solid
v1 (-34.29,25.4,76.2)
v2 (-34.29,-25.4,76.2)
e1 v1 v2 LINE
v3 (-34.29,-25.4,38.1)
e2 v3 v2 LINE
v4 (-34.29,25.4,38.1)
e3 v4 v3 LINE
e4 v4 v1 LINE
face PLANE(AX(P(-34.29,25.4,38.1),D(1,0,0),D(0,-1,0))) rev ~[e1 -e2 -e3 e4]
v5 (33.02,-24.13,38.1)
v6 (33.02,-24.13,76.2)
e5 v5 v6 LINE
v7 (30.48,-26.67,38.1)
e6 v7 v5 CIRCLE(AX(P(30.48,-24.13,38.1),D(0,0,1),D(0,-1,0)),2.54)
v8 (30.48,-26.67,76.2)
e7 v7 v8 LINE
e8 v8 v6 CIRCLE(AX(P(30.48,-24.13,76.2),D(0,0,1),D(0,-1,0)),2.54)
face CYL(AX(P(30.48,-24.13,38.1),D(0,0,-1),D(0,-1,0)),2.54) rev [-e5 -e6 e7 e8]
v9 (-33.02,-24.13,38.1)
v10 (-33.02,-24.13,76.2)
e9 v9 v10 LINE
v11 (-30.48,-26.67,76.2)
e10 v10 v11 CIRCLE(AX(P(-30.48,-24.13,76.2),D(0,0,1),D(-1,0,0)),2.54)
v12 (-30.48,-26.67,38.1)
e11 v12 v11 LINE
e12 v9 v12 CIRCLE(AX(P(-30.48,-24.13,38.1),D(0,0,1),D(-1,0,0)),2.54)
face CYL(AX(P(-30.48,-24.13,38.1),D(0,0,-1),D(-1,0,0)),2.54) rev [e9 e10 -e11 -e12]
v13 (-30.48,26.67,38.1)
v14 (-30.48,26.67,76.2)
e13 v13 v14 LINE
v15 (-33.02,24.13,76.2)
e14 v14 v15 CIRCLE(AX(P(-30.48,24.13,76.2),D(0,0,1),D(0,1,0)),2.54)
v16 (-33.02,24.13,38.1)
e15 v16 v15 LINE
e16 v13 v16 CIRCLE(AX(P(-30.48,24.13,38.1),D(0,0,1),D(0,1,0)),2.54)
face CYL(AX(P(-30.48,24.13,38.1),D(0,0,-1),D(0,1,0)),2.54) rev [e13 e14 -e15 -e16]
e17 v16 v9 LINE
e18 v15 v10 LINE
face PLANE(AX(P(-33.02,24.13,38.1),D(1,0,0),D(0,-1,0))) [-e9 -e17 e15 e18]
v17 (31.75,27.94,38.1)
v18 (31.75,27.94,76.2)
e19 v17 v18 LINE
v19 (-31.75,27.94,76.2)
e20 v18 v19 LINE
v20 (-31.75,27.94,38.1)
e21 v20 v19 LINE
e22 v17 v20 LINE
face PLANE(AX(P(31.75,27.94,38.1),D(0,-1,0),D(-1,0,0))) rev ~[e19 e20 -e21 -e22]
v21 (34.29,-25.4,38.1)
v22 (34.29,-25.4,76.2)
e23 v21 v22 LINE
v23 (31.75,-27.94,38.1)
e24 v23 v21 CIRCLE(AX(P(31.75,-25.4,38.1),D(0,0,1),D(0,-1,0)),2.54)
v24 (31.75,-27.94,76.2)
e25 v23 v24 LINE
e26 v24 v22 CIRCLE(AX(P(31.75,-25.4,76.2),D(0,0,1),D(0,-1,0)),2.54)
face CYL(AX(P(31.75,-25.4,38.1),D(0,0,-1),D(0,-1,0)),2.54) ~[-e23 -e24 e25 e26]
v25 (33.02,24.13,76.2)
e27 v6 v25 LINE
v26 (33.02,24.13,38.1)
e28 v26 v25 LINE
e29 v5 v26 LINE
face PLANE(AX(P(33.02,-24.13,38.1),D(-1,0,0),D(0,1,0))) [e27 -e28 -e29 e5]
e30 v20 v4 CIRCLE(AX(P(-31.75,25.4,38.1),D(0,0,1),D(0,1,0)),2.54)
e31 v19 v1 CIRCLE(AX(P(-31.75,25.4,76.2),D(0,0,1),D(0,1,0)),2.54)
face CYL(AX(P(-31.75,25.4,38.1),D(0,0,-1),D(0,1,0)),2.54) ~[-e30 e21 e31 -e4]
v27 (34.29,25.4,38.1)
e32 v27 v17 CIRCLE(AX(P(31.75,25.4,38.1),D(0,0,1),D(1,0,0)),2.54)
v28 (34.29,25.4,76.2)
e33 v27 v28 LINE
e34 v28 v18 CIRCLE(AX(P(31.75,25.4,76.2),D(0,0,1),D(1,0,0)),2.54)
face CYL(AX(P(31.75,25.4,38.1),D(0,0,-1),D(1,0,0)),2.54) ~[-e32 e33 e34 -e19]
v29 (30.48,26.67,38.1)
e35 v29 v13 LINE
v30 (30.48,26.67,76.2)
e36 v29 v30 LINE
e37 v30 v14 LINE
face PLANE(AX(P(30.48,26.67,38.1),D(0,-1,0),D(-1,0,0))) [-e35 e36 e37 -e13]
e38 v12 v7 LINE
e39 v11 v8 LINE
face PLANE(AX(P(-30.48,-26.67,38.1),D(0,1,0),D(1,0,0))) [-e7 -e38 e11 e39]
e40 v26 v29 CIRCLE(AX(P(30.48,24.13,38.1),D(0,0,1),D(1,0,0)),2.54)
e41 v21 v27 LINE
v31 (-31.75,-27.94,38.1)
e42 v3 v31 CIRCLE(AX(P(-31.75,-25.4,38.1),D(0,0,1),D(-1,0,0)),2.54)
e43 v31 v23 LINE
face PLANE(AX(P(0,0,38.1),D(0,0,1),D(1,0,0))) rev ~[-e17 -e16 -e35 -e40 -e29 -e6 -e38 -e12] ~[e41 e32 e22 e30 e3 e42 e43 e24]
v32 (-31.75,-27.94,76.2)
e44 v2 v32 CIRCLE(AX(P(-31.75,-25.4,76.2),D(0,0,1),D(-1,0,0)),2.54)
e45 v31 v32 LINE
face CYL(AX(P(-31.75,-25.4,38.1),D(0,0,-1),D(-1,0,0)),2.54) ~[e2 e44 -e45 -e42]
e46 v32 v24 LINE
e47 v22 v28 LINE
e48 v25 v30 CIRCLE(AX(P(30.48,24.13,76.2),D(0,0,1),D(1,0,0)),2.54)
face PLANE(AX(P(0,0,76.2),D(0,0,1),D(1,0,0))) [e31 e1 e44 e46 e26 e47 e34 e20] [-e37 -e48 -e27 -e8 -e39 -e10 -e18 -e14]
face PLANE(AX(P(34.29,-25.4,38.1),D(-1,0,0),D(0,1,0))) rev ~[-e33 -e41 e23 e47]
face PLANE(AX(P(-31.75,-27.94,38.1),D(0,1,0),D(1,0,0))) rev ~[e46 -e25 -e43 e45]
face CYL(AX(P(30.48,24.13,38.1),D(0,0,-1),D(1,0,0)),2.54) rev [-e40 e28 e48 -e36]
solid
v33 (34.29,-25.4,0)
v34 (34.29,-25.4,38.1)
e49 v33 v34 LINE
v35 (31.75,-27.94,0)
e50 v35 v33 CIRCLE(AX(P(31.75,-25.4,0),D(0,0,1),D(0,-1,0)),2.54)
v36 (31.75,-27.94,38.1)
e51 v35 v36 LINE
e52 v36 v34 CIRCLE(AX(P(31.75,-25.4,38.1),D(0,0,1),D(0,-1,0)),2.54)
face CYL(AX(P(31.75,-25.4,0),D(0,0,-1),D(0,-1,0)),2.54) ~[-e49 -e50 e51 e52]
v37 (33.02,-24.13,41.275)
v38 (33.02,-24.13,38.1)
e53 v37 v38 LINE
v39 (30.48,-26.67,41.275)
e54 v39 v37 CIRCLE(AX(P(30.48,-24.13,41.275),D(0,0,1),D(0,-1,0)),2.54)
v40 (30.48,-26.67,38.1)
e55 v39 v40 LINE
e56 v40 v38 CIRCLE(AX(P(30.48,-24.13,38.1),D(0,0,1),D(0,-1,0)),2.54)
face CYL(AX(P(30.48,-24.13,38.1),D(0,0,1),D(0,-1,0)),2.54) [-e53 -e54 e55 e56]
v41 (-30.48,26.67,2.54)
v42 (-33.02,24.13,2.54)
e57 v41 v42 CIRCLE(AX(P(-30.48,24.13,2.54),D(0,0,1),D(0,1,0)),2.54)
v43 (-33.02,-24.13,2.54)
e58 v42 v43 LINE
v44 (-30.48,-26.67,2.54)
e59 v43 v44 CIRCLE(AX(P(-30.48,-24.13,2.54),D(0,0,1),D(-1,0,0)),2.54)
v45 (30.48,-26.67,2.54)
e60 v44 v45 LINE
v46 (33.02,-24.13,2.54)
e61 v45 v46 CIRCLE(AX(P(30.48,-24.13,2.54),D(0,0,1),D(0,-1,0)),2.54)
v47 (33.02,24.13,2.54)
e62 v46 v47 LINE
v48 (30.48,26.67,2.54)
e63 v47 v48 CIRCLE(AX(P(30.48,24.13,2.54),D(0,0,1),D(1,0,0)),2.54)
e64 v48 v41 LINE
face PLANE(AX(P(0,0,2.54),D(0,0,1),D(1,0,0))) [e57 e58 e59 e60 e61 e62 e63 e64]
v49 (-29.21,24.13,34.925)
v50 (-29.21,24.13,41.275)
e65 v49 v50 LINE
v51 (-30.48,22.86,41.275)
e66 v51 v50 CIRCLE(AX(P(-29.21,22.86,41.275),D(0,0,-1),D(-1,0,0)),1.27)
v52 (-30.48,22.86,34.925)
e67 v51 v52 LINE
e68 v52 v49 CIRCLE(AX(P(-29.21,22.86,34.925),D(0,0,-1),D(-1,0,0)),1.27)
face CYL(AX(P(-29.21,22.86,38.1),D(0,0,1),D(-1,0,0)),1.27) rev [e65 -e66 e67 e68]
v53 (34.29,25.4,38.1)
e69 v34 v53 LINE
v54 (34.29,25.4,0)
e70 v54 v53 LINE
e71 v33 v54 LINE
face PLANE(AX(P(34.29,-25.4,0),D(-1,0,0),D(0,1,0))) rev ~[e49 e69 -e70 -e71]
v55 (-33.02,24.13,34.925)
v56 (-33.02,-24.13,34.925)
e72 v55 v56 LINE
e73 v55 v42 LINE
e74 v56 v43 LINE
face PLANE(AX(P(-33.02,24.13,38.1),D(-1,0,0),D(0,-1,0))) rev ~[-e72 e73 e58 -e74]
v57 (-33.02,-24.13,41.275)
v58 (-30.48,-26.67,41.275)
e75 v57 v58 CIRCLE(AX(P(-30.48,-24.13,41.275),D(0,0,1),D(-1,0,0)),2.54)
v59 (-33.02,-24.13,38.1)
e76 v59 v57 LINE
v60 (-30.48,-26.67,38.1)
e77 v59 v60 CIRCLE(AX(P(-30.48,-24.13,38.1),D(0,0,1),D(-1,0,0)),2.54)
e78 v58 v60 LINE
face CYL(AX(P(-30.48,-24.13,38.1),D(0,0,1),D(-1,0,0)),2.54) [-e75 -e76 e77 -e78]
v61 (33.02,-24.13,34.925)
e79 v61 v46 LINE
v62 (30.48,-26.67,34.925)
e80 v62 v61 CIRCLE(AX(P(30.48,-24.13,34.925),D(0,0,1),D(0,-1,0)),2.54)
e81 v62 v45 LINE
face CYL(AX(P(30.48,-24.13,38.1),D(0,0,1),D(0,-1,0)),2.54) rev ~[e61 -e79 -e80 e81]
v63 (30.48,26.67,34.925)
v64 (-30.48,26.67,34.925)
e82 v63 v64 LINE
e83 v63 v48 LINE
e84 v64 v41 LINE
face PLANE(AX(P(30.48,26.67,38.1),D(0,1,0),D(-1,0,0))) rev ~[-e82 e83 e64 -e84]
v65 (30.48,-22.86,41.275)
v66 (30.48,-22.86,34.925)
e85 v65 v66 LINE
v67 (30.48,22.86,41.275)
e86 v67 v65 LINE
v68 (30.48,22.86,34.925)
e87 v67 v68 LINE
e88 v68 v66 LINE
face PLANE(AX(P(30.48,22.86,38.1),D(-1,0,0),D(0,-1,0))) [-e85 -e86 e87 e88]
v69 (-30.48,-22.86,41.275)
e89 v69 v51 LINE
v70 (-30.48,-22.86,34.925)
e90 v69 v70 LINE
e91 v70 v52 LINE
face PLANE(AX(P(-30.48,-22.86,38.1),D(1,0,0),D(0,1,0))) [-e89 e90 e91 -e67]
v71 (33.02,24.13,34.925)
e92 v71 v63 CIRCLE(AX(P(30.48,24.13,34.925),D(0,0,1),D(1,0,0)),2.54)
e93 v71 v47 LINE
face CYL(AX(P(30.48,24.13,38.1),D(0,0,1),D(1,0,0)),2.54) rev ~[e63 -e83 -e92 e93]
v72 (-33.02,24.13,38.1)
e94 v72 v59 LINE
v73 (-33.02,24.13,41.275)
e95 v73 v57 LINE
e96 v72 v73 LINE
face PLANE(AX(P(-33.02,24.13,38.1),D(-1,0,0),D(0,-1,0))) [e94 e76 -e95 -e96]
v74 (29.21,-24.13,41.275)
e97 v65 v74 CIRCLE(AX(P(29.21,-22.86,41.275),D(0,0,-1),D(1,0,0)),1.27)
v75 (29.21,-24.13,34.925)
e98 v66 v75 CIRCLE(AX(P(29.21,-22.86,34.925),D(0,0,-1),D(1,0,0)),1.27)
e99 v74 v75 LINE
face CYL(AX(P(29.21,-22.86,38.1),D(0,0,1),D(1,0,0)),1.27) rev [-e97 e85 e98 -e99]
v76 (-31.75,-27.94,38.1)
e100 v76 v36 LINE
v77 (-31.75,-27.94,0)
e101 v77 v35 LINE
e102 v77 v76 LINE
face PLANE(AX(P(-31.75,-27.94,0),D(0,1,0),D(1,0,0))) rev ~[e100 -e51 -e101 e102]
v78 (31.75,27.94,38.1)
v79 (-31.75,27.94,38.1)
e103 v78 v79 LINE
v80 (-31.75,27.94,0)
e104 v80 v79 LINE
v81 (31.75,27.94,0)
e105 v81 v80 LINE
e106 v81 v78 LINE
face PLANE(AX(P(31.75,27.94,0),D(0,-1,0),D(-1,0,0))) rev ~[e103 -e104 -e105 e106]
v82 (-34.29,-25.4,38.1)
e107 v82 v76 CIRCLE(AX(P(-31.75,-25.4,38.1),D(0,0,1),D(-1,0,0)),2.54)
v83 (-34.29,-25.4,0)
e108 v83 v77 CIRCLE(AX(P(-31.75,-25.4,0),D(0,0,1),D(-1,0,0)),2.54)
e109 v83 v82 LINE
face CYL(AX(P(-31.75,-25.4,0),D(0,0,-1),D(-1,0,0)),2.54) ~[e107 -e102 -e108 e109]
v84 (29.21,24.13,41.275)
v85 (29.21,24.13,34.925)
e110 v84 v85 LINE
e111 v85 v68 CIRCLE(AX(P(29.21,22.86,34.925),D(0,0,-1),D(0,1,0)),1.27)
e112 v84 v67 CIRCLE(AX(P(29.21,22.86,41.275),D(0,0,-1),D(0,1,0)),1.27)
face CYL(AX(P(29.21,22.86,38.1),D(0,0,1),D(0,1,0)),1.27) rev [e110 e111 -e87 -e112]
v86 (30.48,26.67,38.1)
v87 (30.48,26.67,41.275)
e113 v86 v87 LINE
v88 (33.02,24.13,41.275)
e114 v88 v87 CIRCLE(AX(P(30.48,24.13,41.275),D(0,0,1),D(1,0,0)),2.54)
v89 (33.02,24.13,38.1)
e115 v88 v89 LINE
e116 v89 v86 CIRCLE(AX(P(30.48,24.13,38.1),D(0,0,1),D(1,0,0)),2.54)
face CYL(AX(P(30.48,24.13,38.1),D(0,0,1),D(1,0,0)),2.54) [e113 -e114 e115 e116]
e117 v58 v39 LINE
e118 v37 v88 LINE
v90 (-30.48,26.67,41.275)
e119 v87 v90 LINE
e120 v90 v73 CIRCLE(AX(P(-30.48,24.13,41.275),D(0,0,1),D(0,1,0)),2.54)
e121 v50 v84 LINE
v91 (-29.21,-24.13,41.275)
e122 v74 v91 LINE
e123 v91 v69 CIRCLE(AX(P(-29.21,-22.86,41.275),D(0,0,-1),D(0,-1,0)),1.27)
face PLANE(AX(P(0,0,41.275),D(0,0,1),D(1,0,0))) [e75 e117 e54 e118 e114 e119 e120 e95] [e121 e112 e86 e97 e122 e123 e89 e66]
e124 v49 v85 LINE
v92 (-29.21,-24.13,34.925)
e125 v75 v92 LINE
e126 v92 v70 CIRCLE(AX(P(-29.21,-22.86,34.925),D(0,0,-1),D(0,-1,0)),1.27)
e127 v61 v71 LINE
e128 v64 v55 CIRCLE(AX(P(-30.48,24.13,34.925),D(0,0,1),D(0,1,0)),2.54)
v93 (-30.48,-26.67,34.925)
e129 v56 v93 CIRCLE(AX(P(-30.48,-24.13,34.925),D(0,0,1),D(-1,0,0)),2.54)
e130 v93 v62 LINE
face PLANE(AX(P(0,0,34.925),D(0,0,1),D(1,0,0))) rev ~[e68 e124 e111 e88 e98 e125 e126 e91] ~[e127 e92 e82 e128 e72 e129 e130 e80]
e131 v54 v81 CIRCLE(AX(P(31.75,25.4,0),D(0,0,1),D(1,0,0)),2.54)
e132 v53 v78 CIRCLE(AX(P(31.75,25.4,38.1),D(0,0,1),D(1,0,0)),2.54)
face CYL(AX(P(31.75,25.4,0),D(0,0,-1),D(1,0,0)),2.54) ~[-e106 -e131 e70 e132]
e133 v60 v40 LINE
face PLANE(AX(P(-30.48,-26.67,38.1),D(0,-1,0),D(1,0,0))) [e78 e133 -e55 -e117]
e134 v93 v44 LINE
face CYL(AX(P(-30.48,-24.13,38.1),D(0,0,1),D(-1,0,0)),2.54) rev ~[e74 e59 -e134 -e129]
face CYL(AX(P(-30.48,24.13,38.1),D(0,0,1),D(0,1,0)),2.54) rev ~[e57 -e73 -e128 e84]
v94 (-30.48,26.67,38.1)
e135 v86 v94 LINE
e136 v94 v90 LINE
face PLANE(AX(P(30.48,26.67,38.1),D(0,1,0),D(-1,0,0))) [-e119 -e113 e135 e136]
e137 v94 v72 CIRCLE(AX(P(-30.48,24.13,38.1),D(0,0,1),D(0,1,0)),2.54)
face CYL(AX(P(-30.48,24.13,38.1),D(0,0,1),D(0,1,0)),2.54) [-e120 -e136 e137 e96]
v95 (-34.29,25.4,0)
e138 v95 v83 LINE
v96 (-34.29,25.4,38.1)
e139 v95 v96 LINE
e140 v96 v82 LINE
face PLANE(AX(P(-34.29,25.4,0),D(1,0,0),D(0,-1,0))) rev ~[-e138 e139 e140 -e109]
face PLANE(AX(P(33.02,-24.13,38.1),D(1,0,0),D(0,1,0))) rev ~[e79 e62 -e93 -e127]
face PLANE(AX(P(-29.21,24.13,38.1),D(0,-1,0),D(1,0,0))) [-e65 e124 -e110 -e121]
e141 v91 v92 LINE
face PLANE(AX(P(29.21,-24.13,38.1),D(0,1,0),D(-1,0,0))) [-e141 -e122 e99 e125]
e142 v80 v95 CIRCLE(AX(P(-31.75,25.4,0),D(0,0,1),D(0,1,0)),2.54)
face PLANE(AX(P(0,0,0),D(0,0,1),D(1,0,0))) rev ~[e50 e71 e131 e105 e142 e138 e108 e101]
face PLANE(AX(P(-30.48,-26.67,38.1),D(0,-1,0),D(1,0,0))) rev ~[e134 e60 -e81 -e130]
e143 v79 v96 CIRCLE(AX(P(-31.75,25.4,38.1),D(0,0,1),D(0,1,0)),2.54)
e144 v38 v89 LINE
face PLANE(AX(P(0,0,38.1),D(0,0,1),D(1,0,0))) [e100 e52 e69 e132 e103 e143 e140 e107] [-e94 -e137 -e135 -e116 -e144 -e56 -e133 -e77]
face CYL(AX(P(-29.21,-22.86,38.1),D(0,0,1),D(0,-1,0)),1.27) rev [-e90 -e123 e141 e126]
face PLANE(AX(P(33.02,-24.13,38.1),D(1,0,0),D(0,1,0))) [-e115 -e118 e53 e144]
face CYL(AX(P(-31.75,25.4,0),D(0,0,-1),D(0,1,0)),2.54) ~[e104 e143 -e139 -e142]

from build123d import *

# Parameters (mm, degrees)
F1_DEPTH = 38.1
F3_DEPTH = 35.56
F5_DEPTH = 3.175
F6_DEPTH = 38.1


with BuildPart() as f1:
    # F0 (on Top) → F1 (new body)
    with BuildSketch(Plane.XY):
        with BuildLine():
            Line((-31.75, -27.94), (31.75, -27.94))
            ThreePointArc((31.75, -27.94), (33.5460512242, -27.1960512242), (34.29, -25.4))
            Line((34.29, -25.4), (34.29, 25.4))
            ThreePointArc((34.29, 25.4), (33.5460512242, 27.1960512242), (31.75, 27.94))
            Line((31.75, 27.94), (-31.75, 27.94))
            ThreePointArc((-31.75, 27.94), (-33.5460512242, 27.1960512242), (-34.29, 25.4))
            Line((-34.29, 25.4), (-34.29, -25.4))
            ThreePointArc((-34.29, -25.4), (-33.5460512242, -27.1960512242), (-31.75, -27.94))
        make_face()
    extrude(amount=F1_DEPTH)

    # F2 (on face) → F3 (cut)
    with BuildSketch(Plane.XY.offset(38.1)):
        with BuildLine():
            ThreePointArc((33.02, 24.13), (32.2760512242, 25.9260512242), (30.48, 26.67))
            Line((30.48, 26.67), (-30.48, 26.67))
            ThreePointArc((-30.48, 26.67), (-32.2760512242, 25.9260512242), (-33.02, 24.13))
            Line((-33.02, 24.13), (-33.02, -24.13))
            ThreePointArc((-33.02, -24.13), (-32.2760512242, -25.9260512242), (-30.48, -26.67))
            Line((-30.48, -26.67), (30.48, -26.67))
            ThreePointArc((30.48, -26.67), (32.2760512242, -25.9260512242), (33.02, -24.13))
            Line((33.02, -24.13), (33.02, 24.13))
        make_face()
    extrude(amount=-F3_DEPTH, mode=Mode.SUBTRACT)

    # F4 (on face) → F5 (join, symmetric)
    with BuildSketch(Plane.XY.offset(38.1)):
        with BuildLine():
            ThreePointArc((33.02, 24.13), (32.2760512242, 25.9260512242), (30.48, 26.67))
            Line((30.48, 26.67), (-30.48, 26.67))
            ThreePointArc((-30.48, 26.67), (-32.2760512242, 25.9260512242), (-33.02, 24.13))
            Line((-33.02, 24.13), (-33.02, -24.13))
            ThreePointArc((-33.02, -24.13), (-32.2760512242, -25.9260512242), (-30.48, -26.67))
            Line((-30.48, -26.67), (30.48, -26.67))
            ThreePointArc((30.48, -26.67), (32.2760512242, -25.9260512242), (33.02, -24.13))
            Line((33.02, -24.13), (33.02, 24.13))
        make_face()
        with BuildLine():
            Line((-29.21, 24.13), (29.21, 24.13))
            ThreePointArc((29.21, 24.13), (30.1080256121, 23.7580256121), (30.48, 22.86))
            Line((30.48, 22.86), (30.48, -22.86))
            ThreePointArc((30.48, -22.86), (30.1080256121, -23.7580256121), (29.21, -24.13))
            Line((29.21, -24.13), (-29.21, -24.13))
            ThreePointArc((-29.21, -24.13), (-30.1080256121, -23.7580256121), (-30.48, -22.86))
            Line((-30.48, -22.86), (-30.48, 22.86))
            ThreePointArc((-30.48, 22.86), (-30.1080256121, 23.7580256121), (-29.21, 24.13))
        make_face(mode=Mode.SUBTRACT)
    extrude(amount=F5_DEPTH, both=True)


with BuildPart() as f6:
    # F6 (new): a face of the model
    f6_faces = [f1.part.faces().sort_by_distance(p)[0] for p in [
        (0, -27.0553650018, 38.1),
    ]]
    extrude(f6_faces, amount=F6_DEPTH)


solid = Compound([f1.part, f6.part])
